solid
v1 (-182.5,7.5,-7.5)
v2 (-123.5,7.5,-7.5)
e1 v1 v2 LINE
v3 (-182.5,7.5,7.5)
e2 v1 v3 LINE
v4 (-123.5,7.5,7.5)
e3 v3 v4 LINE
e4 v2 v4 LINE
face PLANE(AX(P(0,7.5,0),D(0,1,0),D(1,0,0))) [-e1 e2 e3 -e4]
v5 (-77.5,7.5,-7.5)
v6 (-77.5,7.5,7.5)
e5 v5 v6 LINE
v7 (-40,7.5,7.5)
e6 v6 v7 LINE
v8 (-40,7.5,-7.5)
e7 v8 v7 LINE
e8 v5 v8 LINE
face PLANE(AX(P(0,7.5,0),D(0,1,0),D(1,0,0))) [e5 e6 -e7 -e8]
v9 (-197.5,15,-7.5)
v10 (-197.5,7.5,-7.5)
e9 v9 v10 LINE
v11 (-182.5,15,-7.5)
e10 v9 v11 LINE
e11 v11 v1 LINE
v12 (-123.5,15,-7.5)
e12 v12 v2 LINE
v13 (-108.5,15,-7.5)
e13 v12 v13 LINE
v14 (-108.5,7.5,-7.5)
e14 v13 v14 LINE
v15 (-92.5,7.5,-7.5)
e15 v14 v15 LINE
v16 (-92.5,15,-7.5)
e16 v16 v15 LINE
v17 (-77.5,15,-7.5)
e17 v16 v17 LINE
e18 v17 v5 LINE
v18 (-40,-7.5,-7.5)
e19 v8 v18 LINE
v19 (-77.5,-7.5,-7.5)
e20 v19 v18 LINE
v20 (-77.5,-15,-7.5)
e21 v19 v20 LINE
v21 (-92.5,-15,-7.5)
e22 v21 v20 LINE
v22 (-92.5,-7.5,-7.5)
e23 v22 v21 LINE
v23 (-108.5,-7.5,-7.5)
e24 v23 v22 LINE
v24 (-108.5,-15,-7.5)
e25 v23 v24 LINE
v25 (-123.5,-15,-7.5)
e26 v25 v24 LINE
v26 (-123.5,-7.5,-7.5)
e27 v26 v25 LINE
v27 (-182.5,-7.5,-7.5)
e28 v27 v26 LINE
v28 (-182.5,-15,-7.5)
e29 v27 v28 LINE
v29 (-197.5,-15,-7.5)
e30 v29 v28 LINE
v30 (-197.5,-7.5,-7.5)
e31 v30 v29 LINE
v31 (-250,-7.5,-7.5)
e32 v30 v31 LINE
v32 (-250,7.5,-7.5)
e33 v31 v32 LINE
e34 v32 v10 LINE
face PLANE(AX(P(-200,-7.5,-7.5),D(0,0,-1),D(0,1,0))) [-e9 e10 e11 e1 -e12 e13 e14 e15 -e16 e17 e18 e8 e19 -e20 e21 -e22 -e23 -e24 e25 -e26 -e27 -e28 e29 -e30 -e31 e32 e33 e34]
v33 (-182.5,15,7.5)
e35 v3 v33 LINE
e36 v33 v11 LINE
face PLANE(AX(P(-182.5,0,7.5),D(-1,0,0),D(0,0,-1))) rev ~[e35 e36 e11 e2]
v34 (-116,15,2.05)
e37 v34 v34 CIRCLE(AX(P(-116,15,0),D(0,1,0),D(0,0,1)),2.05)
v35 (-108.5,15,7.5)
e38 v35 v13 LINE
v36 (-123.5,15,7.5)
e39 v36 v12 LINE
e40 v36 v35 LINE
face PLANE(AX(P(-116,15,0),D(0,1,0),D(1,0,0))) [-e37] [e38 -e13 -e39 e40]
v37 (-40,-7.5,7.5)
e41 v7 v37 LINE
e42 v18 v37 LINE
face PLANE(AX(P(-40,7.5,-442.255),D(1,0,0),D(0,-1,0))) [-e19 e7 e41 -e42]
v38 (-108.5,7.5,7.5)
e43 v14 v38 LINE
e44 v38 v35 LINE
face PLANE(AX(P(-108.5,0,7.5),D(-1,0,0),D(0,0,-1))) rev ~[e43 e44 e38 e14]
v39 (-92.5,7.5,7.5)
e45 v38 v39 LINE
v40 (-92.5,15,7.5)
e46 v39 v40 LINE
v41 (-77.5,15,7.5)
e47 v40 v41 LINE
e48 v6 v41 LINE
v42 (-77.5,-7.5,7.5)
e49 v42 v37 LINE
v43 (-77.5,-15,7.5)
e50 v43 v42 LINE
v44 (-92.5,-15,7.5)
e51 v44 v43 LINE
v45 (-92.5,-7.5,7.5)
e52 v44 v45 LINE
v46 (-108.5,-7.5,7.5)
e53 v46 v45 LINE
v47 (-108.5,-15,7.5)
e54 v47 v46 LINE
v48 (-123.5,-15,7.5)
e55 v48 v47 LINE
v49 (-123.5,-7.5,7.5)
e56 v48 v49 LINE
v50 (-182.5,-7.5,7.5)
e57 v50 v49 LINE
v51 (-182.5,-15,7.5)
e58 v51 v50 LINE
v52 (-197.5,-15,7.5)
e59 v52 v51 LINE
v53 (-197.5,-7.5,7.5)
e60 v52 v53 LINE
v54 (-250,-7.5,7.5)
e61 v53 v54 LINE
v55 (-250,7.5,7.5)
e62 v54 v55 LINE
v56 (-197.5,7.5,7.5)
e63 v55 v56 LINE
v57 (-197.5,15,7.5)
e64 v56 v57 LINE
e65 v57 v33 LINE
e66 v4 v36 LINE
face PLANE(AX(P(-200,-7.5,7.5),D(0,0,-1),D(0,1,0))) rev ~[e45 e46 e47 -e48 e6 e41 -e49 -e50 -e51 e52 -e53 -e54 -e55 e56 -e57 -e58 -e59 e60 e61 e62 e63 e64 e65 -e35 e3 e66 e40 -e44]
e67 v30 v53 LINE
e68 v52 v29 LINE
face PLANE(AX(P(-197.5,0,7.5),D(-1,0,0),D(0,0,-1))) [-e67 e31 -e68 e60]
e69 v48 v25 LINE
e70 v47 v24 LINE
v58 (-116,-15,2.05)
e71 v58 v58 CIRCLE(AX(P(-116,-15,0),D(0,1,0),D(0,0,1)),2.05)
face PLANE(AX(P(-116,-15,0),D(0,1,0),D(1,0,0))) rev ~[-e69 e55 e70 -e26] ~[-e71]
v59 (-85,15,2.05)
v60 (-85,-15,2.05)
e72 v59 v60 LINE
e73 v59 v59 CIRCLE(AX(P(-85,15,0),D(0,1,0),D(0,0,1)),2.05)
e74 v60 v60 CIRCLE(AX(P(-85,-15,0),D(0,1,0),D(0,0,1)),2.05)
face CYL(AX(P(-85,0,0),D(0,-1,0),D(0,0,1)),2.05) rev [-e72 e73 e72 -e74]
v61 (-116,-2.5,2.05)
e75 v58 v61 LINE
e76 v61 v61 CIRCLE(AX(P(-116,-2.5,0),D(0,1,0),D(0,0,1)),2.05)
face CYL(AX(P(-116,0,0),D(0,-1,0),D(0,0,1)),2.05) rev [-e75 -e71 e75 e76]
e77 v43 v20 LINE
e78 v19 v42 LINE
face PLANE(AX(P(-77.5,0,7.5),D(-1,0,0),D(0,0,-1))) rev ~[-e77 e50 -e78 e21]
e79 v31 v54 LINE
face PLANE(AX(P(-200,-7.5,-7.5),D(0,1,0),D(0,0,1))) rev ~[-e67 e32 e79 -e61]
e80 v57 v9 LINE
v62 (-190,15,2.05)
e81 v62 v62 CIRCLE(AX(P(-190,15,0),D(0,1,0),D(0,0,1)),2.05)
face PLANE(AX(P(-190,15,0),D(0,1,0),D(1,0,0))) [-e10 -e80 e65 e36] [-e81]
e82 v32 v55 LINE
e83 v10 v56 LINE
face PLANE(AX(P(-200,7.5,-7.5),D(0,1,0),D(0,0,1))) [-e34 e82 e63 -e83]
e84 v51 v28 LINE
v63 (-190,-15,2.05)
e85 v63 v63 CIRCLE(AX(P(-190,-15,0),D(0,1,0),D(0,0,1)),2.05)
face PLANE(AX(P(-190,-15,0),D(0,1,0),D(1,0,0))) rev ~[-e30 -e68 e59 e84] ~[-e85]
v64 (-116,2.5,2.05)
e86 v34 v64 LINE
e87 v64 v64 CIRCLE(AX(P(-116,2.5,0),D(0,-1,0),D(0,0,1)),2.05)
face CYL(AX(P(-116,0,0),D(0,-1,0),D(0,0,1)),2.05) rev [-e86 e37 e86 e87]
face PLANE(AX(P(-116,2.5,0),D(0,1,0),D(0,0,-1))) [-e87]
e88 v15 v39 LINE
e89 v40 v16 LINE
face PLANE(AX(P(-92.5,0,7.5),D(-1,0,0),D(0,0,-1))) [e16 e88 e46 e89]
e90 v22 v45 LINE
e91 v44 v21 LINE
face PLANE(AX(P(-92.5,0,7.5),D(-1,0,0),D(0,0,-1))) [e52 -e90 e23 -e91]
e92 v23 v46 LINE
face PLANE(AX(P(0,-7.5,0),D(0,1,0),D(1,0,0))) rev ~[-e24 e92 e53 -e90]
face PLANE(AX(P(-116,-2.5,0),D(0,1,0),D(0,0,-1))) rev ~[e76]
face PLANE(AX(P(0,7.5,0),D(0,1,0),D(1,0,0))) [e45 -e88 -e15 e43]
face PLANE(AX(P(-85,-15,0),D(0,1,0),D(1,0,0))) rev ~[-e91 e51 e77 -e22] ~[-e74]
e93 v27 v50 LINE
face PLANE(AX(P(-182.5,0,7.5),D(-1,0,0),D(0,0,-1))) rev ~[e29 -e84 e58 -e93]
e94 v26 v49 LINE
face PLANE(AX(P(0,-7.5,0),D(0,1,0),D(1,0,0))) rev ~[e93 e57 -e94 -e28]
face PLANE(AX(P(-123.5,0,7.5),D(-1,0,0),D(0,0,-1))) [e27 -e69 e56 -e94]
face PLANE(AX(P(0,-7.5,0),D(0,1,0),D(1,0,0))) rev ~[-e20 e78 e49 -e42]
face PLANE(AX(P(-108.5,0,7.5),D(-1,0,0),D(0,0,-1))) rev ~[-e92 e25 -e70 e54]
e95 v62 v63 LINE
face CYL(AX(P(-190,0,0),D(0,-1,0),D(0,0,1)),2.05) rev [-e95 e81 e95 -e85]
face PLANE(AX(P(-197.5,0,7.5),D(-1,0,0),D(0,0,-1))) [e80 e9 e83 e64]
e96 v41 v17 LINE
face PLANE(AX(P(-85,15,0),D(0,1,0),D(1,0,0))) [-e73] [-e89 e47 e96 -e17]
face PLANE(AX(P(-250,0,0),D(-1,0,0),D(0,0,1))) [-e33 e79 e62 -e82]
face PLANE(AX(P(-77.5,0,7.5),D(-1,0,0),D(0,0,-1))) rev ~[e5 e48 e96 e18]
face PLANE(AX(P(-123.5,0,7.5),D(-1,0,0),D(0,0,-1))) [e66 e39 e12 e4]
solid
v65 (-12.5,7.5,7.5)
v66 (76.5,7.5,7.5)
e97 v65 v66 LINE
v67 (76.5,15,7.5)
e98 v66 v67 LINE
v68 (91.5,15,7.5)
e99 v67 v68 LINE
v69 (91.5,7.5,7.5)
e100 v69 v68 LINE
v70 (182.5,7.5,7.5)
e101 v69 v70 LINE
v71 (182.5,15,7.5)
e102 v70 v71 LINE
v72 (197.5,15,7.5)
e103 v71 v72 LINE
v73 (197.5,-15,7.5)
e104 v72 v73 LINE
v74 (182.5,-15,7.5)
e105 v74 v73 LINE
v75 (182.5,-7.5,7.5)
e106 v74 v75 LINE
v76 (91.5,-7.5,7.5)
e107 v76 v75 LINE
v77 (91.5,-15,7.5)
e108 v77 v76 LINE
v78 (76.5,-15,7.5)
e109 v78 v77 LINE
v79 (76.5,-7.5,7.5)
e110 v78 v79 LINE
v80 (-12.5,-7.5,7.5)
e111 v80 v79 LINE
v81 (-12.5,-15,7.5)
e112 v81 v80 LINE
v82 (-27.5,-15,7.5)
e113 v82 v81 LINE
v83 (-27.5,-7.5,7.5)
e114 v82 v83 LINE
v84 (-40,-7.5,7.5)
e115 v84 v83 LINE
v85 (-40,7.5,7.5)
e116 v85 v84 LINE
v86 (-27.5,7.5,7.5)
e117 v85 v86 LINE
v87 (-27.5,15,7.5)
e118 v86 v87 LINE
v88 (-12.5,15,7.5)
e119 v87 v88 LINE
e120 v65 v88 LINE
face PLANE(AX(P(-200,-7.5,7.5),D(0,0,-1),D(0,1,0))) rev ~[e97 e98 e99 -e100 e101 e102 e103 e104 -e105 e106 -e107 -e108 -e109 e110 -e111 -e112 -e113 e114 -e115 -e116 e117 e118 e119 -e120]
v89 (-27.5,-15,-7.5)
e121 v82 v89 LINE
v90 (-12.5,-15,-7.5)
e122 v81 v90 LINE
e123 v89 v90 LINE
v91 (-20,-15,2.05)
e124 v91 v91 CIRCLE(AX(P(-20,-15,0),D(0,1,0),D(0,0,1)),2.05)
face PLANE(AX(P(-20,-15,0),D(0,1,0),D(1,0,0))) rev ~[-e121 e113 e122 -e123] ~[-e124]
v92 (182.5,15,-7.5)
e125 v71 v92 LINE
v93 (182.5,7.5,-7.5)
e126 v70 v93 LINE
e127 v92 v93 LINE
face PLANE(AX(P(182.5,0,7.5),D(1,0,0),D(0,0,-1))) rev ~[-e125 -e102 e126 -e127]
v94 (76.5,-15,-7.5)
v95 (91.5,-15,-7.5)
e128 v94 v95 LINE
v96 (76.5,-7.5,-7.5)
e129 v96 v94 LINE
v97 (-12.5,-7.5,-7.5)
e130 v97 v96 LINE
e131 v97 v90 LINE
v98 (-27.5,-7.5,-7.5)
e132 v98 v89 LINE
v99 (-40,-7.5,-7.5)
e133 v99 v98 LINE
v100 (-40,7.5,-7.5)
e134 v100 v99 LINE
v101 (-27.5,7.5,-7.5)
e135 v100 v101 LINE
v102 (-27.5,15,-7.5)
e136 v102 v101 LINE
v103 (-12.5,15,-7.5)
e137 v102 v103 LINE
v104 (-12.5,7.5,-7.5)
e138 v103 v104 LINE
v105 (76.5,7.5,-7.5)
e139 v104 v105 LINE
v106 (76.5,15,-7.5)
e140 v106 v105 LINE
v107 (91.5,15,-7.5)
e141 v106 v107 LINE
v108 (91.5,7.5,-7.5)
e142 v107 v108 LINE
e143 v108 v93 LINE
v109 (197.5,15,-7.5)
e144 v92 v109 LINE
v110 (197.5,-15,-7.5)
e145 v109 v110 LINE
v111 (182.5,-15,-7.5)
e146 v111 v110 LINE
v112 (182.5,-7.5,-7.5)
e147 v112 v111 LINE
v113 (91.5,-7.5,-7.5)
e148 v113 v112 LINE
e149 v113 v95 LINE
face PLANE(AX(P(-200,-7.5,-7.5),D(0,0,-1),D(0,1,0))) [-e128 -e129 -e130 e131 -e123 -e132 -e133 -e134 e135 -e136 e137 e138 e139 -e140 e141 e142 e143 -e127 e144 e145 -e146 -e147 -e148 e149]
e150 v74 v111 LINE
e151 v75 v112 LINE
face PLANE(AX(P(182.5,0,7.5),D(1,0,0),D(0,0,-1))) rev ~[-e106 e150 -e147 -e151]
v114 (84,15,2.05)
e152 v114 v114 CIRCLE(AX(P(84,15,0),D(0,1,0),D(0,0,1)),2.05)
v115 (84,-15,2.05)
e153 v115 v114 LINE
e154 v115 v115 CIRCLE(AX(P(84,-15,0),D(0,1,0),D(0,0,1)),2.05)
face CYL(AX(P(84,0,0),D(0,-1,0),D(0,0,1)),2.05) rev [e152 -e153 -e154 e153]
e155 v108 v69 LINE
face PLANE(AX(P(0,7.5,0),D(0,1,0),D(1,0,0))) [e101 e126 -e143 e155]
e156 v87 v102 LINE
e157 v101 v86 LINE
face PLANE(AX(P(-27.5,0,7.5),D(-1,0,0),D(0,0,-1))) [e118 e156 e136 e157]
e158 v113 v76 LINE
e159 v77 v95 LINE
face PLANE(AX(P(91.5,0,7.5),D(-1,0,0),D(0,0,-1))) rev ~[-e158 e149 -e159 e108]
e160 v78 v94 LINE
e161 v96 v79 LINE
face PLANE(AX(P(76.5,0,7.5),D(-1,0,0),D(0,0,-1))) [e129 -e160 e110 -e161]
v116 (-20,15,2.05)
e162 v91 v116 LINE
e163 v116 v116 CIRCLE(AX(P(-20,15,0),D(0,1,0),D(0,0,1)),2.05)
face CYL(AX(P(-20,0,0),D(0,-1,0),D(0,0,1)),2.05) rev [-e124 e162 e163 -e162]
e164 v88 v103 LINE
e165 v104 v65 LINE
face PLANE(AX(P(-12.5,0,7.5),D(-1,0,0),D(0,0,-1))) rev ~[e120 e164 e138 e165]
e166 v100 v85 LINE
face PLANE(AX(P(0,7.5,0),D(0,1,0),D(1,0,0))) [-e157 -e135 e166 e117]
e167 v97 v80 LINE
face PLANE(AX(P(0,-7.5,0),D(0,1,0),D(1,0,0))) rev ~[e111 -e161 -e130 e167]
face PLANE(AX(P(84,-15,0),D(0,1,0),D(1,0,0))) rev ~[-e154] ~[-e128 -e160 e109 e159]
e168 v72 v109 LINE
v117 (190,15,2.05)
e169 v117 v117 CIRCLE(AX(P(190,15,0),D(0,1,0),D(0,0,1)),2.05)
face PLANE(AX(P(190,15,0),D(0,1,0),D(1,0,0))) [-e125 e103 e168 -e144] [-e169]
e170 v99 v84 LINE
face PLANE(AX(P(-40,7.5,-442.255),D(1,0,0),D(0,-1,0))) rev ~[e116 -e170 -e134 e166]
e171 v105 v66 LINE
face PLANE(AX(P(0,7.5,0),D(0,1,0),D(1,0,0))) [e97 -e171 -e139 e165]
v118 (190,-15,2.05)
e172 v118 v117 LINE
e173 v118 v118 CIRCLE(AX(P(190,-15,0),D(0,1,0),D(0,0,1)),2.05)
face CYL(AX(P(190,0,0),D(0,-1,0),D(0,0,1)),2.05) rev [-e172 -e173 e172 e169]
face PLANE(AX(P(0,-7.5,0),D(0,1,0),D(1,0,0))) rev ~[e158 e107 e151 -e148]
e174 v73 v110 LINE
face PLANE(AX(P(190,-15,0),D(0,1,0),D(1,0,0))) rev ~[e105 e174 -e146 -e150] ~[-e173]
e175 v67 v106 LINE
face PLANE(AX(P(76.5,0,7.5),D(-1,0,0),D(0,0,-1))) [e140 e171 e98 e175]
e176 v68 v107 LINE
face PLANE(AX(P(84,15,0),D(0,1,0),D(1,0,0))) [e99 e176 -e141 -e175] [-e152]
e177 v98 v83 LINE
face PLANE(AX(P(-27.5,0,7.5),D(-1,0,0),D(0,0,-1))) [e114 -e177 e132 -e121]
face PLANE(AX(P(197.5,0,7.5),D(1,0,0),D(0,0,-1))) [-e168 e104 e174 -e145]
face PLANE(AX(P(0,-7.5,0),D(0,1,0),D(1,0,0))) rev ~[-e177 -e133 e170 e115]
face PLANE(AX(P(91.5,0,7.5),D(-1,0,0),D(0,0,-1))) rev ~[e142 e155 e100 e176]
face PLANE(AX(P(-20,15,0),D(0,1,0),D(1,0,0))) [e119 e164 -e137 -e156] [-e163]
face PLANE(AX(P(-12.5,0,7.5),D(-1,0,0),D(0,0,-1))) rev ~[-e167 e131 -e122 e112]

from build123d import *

# Parameters (mm, degrees)
SKETCH1_W                  = 400
SKETCH1_H                  = 15
BOSS_EXTRUDE1_DEPTH        = 7.5
F_4_1_4_1_DIAMETER_HOLE1_D = 4.1
SKETCH4_R                  = 2.05
BOSS_EXTRUDE2_DEPTH        = 2.5
SKETCH5_W                  = 15
SKETCH5_H                  = 15
SKETCH5_R                  = 2.05
BOSS_EXTRUDE3_DEPTH        = 15
SKETCH6_W                  = 15
SKETCH6_H                  = 15
BOSS_EXTRUDE5_DEPTH        = 50
SKETCH8_W                  = 15
SKETCH8_H                  = 15
CUT_EXTRUDE1_DEPTH         = 2.5
SPLIT1_SURFACE_1_BACK      = 449.755
SPLIT1_SURFACE_1_DEPTH     = 899.51
SPLIT1_SURFACE_2_BACK      = 449.755
SPLIT1_SURFACE_2_DEPTH     = 899.51


with BuildPart() as part:
    # Sketch1 → Boss-Extrude1 (new, symmetric)
    with BuildSketch(Plane(origin=(0, 0, 0), x_dir=(1, 0, 0), z_dir=(0, 1, 0))):
        Rectangle(SKETCH1_W, SKETCH1_H)
    extrude(amount=BOSS_EXTRUDE1_DEPTH, both=True)

    # Ø4.1 (4.1) Diameter Hole1 (through all)
    with Locations(Plane.XZ.offset(7.5)):
        with Locations((-190, 0), (-116, 0), (-85, 0), (-20, 0), (84, 0), (190, 0)):
            Hole(F_4_1_4_1_DIAMETER_HOLE1_D / 2)

    # Sketch4 → Boss-Extrude2 (add, symmetric)
    with BuildSketch(Plane(origin=(0, 0, 0), x_dir=(1, 0, 0), z_dir=(0, 1, 0))):
        with Locations(Location((-116, 0, 0), (0, 0, 90))):
            Circle(SKETCH4_R)
    extrude(amount=BOSS_EXTRUDE2_DEPTH, both=True)

    # Sketch5 → Boss-Extrude3 (add, symmetric)
    with BuildSketch(Plane(origin=(0, 0, 0), x_dir=(1, 0, 0), z_dir=(0, 1, 0))):
        with Locations((-190, 0)):
            Rectangle(SKETCH5_W, SKETCH5_H)
        with Locations(Location((-190, 0, 0), (0, 0, 270))):
            Circle(SKETCH5_R, mode=Mode.SUBTRACT)
        with Locations((-116, 0)):
            Rectangle(SKETCH5_W, SKETCH5_H)
        with Locations(Location((-116, 0, 0), (0, 0, 270))):
            Circle(SKETCH5_R, mode=Mode.SUBTRACT)
        with Locations((-85, 0)):
            Rectangle(SKETCH5_W, SKETCH5_H)
        with Locations(Location((-85, 0, 0), (0, 0, 270))):
            Circle(SKETCH5_R, mode=Mode.SUBTRACT)
        with Locations((-20, 0)):
            Rectangle(SKETCH5_W, SKETCH5_H)
        with Locations(Location((-20, 0, 0), (0, 0, 270))):
            Circle(SKETCH5_R, mode=Mode.SUBTRACT)
        with Locations((84, 0)):
            Rectangle(SKETCH5_W, SKETCH5_H)
        with Locations(Location((84, 0, 0), (0, 0, 270))):
            Circle(SKETCH5_R, mode=Mode.SUBTRACT)
        with Locations((190, 0)):
            Rectangle(SKETCH5_W, SKETCH5_H)
        with Locations(Location((190, 0, 0), (0, 0, 270))):
            Circle(SKETCH5_R, mode=Mode.SUBTRACT)
    extrude(amount=BOSS_EXTRUDE3_DEPTH, both=True)

    # Sketch6 → Boss-Extrude5 (add)
    with BuildSketch(Plane.ZY.offset(200)):
        Rectangle(SKETCH6_W, SKETCH6_H)
    extrude(amount=BOSS_EXTRUDE5_DEPTH)

    # Sketch8 → Cut-Extrude1 (cut)
    with BuildSketch(Plane(origin=(200, 0, 0), x_dir=(0, 0, -1), z_dir=(1, 0, 0))):
        Rectangle(SKETCH8_W, SKETCH8_H)
    extrude(amount=-CUT_EXTRUDE1_DEPTH, mode=Mode.SUBTRACT)


with BuildPart() as body_2:
    # Split1: the piece behind the surface
    add(part.part)
    # Split1 surface: a surface, the sketch's curves swept straight by 899.51 mm
    with BuildLine(Plane.XY.offset(7.5).offset(-SPLIT1_SURFACE_1_BACK), mode=Mode.PRIVATE) as split1_surface_1_path:
        Line((-40, 7.5), (-40, -7.5))
    split1_surface_1 = Shell.extrude(split1_surface_1_path.wire(), (0 * SPLIT1_SURFACE_1_DEPTH, 0 * SPLIT1_SURFACE_1_DEPTH, 1 * SPLIT1_SURFACE_1_DEPTH))
    split(bisect_by=split1_surface_1, keep=Keep.BOTTOM)


with BuildPart() as part_1:
    add(part.part)

    # Split1: split by a surface, the side it looks to stays
    # Split1 surface: a surface, the sketch's curves swept straight by 899.51 mm
    with BuildLine(Plane.XY.offset(7.5).offset(-SPLIT1_SURFACE_2_BACK), mode=Mode.PRIVATE) as split1_surface_2_path:
        Line((-40, 7.5), (-40, -7.5))
    split1_surface_2 = Shell.extrude(split1_surface_2_path.wire(), (0 * SPLIT1_SURFACE_2_DEPTH, 0 * SPLIT1_SURFACE_2_DEPTH, 1 * SPLIT1_SURFACE_2_DEPTH))
    split(bisect_by=split1_surface_2, keep=Keep.TOP)


solid = Compound([body_2.part, part_1.part])
